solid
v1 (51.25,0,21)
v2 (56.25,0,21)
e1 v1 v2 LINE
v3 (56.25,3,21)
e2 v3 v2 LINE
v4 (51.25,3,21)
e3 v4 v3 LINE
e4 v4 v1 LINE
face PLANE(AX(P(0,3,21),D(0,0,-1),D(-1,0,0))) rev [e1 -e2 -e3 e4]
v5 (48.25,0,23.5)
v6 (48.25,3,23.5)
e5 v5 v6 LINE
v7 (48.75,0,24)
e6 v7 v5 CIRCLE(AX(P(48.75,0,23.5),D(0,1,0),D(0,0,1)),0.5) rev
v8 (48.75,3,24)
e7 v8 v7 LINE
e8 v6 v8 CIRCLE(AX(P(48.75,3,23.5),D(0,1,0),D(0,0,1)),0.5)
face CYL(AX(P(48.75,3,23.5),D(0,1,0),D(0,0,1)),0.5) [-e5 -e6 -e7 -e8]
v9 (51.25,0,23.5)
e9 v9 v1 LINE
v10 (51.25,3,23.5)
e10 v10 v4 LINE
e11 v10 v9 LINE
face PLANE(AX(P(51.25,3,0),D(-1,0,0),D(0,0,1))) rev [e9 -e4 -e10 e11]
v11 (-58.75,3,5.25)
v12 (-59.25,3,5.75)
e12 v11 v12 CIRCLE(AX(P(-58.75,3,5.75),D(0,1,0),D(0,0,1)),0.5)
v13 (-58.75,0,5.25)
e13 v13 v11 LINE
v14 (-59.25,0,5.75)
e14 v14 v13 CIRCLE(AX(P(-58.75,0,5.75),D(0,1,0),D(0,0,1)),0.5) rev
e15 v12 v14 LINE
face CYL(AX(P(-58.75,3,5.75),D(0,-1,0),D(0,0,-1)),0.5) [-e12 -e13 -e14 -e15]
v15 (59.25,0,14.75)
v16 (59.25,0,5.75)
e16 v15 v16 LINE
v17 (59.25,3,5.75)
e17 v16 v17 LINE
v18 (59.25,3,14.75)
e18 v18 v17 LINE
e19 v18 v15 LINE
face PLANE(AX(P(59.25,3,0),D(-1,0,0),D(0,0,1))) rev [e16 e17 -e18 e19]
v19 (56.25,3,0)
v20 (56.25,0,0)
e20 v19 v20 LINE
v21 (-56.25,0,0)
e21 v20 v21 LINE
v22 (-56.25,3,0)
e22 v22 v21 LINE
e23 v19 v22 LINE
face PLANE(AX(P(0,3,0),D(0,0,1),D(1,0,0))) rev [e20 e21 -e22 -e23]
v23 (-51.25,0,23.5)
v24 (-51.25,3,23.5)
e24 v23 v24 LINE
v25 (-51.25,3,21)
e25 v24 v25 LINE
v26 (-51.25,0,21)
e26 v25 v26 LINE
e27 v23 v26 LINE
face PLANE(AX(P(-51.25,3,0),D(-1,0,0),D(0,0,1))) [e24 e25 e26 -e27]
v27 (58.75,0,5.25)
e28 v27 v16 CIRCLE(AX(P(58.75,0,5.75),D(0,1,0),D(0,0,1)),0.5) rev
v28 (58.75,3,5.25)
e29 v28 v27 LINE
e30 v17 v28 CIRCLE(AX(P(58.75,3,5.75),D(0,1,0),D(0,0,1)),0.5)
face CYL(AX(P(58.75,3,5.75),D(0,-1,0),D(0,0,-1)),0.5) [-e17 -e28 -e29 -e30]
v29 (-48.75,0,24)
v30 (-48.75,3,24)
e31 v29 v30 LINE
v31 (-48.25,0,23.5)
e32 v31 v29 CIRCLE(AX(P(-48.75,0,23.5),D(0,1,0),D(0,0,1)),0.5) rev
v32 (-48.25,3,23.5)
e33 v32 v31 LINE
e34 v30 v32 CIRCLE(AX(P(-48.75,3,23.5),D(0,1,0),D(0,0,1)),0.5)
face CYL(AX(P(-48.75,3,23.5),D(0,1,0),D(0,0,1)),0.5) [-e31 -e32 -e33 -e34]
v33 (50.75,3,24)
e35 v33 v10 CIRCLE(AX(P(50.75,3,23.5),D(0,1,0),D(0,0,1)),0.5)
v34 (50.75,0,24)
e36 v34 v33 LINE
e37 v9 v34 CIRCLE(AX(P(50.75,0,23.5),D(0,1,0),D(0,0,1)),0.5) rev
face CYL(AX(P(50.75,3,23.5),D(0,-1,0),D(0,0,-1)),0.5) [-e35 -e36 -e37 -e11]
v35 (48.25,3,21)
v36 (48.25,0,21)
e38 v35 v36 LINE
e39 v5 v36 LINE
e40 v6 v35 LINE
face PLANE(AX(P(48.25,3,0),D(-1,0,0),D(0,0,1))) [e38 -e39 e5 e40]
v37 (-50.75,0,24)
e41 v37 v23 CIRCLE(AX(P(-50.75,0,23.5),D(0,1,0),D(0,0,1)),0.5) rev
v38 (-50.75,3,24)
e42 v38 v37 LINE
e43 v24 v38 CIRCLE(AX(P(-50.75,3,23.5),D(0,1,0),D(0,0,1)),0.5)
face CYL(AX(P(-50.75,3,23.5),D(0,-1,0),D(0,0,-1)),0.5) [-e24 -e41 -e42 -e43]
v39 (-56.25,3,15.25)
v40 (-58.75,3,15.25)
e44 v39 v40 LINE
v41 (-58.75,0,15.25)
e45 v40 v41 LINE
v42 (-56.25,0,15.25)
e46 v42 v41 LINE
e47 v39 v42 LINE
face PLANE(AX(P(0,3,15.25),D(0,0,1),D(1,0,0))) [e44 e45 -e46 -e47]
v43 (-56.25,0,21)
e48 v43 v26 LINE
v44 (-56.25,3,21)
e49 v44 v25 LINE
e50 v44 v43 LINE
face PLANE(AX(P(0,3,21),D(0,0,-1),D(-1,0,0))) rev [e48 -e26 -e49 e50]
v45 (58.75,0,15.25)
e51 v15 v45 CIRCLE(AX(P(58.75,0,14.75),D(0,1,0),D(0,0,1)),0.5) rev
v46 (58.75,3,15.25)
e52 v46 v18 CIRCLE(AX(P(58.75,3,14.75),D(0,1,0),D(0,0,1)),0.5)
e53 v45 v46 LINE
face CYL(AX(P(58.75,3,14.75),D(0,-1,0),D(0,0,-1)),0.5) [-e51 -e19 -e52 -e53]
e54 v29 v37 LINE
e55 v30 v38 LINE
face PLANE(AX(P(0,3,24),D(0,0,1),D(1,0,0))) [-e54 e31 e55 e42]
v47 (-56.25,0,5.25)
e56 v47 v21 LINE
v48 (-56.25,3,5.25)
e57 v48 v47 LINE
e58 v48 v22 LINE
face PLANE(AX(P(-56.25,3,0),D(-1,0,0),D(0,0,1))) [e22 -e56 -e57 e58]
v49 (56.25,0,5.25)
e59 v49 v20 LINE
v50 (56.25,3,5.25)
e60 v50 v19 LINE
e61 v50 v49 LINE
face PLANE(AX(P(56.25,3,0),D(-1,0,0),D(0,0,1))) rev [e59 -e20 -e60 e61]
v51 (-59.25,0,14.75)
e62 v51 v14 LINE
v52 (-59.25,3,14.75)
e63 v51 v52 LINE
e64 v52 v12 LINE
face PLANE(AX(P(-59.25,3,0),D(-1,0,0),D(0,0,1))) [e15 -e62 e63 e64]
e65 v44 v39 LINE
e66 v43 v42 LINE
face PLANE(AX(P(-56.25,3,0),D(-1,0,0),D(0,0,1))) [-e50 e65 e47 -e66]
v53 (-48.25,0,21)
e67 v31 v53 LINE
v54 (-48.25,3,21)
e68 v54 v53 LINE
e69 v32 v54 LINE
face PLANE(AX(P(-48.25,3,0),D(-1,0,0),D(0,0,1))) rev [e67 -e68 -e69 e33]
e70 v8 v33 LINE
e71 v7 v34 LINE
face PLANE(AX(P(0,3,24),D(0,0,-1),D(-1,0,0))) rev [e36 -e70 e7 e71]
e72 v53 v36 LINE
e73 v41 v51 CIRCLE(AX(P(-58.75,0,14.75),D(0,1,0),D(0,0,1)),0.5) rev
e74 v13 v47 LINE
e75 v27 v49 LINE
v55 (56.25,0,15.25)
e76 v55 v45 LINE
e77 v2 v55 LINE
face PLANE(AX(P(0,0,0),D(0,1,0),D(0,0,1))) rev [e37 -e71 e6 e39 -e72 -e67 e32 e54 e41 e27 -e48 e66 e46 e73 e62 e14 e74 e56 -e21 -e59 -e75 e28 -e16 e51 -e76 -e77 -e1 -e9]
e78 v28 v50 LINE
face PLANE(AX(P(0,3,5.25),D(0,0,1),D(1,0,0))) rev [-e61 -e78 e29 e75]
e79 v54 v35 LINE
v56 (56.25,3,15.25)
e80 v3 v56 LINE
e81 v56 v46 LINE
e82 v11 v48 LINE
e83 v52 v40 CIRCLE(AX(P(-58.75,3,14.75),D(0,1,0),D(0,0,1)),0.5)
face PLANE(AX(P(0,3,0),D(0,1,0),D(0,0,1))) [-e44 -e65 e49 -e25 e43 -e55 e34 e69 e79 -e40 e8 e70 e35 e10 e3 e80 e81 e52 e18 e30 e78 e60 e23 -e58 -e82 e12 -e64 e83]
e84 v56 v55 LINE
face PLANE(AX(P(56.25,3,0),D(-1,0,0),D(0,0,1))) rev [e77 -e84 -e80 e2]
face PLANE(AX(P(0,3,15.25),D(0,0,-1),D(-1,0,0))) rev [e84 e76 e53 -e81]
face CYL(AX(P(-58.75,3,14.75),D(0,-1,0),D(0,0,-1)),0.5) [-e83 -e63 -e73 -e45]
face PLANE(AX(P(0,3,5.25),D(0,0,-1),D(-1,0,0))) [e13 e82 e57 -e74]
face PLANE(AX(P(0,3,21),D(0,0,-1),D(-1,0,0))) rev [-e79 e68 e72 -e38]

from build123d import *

# Parameters (mm, degrees)
SKETCH_1_W      = 3
SKETCH_1_H      = 3
EXTRUDE_1_DEPTH = 3
FILLET_1_R      = 0.5


with BuildPart() as part:
    # Эскиз1 → Бобышка-Вытянуть1 (new body)
    with BuildSketch(Plane(origin=(0, 0, 0), x_dir=(1, 0, 0), z_dir=(0, 1, 0))):
        Polygon((-56.25, -21), (56.25, -21), (56.25, -15.25), (59.25, -15.25), (59.25, -5.25), (56.25, -5.25), (56.25, 0), (-56.25, 0), (-56.25, -5.25), (-59.25, -5.25), (-59.25, -15.25), (-56.25, -15.25), align=None)
        with Locations((49.75, -22.5)):
            Rectangle(SKETCH_1_W, SKETCH_1_H)
        with Locations((-49.75, -22.5)):
            Rectangle(SKETCH_1_W, SKETCH_1_H)
    extrude(amount=EXTRUDE_1_DEPTH)

    # Скругление1
    fillet_1_edges = [part.edges().sort_by_distance(p)[0] for p in [
        (-59.25, 1.5, 15.25),
        (-59.25, 1.5, 5.25),
        (59.25, 1.5, 5.25),
        (59.25, 1.5, 15.25),
        (51.25, 1.5, 24),
        (48.25, 1.5, 24),
        (-48.25, 1.5, 24),
        (-51.25, 1.5, 24),
    ]]
    fillet(fillet_1_edges, radius=FILLET_1_R)


solid = part.part
